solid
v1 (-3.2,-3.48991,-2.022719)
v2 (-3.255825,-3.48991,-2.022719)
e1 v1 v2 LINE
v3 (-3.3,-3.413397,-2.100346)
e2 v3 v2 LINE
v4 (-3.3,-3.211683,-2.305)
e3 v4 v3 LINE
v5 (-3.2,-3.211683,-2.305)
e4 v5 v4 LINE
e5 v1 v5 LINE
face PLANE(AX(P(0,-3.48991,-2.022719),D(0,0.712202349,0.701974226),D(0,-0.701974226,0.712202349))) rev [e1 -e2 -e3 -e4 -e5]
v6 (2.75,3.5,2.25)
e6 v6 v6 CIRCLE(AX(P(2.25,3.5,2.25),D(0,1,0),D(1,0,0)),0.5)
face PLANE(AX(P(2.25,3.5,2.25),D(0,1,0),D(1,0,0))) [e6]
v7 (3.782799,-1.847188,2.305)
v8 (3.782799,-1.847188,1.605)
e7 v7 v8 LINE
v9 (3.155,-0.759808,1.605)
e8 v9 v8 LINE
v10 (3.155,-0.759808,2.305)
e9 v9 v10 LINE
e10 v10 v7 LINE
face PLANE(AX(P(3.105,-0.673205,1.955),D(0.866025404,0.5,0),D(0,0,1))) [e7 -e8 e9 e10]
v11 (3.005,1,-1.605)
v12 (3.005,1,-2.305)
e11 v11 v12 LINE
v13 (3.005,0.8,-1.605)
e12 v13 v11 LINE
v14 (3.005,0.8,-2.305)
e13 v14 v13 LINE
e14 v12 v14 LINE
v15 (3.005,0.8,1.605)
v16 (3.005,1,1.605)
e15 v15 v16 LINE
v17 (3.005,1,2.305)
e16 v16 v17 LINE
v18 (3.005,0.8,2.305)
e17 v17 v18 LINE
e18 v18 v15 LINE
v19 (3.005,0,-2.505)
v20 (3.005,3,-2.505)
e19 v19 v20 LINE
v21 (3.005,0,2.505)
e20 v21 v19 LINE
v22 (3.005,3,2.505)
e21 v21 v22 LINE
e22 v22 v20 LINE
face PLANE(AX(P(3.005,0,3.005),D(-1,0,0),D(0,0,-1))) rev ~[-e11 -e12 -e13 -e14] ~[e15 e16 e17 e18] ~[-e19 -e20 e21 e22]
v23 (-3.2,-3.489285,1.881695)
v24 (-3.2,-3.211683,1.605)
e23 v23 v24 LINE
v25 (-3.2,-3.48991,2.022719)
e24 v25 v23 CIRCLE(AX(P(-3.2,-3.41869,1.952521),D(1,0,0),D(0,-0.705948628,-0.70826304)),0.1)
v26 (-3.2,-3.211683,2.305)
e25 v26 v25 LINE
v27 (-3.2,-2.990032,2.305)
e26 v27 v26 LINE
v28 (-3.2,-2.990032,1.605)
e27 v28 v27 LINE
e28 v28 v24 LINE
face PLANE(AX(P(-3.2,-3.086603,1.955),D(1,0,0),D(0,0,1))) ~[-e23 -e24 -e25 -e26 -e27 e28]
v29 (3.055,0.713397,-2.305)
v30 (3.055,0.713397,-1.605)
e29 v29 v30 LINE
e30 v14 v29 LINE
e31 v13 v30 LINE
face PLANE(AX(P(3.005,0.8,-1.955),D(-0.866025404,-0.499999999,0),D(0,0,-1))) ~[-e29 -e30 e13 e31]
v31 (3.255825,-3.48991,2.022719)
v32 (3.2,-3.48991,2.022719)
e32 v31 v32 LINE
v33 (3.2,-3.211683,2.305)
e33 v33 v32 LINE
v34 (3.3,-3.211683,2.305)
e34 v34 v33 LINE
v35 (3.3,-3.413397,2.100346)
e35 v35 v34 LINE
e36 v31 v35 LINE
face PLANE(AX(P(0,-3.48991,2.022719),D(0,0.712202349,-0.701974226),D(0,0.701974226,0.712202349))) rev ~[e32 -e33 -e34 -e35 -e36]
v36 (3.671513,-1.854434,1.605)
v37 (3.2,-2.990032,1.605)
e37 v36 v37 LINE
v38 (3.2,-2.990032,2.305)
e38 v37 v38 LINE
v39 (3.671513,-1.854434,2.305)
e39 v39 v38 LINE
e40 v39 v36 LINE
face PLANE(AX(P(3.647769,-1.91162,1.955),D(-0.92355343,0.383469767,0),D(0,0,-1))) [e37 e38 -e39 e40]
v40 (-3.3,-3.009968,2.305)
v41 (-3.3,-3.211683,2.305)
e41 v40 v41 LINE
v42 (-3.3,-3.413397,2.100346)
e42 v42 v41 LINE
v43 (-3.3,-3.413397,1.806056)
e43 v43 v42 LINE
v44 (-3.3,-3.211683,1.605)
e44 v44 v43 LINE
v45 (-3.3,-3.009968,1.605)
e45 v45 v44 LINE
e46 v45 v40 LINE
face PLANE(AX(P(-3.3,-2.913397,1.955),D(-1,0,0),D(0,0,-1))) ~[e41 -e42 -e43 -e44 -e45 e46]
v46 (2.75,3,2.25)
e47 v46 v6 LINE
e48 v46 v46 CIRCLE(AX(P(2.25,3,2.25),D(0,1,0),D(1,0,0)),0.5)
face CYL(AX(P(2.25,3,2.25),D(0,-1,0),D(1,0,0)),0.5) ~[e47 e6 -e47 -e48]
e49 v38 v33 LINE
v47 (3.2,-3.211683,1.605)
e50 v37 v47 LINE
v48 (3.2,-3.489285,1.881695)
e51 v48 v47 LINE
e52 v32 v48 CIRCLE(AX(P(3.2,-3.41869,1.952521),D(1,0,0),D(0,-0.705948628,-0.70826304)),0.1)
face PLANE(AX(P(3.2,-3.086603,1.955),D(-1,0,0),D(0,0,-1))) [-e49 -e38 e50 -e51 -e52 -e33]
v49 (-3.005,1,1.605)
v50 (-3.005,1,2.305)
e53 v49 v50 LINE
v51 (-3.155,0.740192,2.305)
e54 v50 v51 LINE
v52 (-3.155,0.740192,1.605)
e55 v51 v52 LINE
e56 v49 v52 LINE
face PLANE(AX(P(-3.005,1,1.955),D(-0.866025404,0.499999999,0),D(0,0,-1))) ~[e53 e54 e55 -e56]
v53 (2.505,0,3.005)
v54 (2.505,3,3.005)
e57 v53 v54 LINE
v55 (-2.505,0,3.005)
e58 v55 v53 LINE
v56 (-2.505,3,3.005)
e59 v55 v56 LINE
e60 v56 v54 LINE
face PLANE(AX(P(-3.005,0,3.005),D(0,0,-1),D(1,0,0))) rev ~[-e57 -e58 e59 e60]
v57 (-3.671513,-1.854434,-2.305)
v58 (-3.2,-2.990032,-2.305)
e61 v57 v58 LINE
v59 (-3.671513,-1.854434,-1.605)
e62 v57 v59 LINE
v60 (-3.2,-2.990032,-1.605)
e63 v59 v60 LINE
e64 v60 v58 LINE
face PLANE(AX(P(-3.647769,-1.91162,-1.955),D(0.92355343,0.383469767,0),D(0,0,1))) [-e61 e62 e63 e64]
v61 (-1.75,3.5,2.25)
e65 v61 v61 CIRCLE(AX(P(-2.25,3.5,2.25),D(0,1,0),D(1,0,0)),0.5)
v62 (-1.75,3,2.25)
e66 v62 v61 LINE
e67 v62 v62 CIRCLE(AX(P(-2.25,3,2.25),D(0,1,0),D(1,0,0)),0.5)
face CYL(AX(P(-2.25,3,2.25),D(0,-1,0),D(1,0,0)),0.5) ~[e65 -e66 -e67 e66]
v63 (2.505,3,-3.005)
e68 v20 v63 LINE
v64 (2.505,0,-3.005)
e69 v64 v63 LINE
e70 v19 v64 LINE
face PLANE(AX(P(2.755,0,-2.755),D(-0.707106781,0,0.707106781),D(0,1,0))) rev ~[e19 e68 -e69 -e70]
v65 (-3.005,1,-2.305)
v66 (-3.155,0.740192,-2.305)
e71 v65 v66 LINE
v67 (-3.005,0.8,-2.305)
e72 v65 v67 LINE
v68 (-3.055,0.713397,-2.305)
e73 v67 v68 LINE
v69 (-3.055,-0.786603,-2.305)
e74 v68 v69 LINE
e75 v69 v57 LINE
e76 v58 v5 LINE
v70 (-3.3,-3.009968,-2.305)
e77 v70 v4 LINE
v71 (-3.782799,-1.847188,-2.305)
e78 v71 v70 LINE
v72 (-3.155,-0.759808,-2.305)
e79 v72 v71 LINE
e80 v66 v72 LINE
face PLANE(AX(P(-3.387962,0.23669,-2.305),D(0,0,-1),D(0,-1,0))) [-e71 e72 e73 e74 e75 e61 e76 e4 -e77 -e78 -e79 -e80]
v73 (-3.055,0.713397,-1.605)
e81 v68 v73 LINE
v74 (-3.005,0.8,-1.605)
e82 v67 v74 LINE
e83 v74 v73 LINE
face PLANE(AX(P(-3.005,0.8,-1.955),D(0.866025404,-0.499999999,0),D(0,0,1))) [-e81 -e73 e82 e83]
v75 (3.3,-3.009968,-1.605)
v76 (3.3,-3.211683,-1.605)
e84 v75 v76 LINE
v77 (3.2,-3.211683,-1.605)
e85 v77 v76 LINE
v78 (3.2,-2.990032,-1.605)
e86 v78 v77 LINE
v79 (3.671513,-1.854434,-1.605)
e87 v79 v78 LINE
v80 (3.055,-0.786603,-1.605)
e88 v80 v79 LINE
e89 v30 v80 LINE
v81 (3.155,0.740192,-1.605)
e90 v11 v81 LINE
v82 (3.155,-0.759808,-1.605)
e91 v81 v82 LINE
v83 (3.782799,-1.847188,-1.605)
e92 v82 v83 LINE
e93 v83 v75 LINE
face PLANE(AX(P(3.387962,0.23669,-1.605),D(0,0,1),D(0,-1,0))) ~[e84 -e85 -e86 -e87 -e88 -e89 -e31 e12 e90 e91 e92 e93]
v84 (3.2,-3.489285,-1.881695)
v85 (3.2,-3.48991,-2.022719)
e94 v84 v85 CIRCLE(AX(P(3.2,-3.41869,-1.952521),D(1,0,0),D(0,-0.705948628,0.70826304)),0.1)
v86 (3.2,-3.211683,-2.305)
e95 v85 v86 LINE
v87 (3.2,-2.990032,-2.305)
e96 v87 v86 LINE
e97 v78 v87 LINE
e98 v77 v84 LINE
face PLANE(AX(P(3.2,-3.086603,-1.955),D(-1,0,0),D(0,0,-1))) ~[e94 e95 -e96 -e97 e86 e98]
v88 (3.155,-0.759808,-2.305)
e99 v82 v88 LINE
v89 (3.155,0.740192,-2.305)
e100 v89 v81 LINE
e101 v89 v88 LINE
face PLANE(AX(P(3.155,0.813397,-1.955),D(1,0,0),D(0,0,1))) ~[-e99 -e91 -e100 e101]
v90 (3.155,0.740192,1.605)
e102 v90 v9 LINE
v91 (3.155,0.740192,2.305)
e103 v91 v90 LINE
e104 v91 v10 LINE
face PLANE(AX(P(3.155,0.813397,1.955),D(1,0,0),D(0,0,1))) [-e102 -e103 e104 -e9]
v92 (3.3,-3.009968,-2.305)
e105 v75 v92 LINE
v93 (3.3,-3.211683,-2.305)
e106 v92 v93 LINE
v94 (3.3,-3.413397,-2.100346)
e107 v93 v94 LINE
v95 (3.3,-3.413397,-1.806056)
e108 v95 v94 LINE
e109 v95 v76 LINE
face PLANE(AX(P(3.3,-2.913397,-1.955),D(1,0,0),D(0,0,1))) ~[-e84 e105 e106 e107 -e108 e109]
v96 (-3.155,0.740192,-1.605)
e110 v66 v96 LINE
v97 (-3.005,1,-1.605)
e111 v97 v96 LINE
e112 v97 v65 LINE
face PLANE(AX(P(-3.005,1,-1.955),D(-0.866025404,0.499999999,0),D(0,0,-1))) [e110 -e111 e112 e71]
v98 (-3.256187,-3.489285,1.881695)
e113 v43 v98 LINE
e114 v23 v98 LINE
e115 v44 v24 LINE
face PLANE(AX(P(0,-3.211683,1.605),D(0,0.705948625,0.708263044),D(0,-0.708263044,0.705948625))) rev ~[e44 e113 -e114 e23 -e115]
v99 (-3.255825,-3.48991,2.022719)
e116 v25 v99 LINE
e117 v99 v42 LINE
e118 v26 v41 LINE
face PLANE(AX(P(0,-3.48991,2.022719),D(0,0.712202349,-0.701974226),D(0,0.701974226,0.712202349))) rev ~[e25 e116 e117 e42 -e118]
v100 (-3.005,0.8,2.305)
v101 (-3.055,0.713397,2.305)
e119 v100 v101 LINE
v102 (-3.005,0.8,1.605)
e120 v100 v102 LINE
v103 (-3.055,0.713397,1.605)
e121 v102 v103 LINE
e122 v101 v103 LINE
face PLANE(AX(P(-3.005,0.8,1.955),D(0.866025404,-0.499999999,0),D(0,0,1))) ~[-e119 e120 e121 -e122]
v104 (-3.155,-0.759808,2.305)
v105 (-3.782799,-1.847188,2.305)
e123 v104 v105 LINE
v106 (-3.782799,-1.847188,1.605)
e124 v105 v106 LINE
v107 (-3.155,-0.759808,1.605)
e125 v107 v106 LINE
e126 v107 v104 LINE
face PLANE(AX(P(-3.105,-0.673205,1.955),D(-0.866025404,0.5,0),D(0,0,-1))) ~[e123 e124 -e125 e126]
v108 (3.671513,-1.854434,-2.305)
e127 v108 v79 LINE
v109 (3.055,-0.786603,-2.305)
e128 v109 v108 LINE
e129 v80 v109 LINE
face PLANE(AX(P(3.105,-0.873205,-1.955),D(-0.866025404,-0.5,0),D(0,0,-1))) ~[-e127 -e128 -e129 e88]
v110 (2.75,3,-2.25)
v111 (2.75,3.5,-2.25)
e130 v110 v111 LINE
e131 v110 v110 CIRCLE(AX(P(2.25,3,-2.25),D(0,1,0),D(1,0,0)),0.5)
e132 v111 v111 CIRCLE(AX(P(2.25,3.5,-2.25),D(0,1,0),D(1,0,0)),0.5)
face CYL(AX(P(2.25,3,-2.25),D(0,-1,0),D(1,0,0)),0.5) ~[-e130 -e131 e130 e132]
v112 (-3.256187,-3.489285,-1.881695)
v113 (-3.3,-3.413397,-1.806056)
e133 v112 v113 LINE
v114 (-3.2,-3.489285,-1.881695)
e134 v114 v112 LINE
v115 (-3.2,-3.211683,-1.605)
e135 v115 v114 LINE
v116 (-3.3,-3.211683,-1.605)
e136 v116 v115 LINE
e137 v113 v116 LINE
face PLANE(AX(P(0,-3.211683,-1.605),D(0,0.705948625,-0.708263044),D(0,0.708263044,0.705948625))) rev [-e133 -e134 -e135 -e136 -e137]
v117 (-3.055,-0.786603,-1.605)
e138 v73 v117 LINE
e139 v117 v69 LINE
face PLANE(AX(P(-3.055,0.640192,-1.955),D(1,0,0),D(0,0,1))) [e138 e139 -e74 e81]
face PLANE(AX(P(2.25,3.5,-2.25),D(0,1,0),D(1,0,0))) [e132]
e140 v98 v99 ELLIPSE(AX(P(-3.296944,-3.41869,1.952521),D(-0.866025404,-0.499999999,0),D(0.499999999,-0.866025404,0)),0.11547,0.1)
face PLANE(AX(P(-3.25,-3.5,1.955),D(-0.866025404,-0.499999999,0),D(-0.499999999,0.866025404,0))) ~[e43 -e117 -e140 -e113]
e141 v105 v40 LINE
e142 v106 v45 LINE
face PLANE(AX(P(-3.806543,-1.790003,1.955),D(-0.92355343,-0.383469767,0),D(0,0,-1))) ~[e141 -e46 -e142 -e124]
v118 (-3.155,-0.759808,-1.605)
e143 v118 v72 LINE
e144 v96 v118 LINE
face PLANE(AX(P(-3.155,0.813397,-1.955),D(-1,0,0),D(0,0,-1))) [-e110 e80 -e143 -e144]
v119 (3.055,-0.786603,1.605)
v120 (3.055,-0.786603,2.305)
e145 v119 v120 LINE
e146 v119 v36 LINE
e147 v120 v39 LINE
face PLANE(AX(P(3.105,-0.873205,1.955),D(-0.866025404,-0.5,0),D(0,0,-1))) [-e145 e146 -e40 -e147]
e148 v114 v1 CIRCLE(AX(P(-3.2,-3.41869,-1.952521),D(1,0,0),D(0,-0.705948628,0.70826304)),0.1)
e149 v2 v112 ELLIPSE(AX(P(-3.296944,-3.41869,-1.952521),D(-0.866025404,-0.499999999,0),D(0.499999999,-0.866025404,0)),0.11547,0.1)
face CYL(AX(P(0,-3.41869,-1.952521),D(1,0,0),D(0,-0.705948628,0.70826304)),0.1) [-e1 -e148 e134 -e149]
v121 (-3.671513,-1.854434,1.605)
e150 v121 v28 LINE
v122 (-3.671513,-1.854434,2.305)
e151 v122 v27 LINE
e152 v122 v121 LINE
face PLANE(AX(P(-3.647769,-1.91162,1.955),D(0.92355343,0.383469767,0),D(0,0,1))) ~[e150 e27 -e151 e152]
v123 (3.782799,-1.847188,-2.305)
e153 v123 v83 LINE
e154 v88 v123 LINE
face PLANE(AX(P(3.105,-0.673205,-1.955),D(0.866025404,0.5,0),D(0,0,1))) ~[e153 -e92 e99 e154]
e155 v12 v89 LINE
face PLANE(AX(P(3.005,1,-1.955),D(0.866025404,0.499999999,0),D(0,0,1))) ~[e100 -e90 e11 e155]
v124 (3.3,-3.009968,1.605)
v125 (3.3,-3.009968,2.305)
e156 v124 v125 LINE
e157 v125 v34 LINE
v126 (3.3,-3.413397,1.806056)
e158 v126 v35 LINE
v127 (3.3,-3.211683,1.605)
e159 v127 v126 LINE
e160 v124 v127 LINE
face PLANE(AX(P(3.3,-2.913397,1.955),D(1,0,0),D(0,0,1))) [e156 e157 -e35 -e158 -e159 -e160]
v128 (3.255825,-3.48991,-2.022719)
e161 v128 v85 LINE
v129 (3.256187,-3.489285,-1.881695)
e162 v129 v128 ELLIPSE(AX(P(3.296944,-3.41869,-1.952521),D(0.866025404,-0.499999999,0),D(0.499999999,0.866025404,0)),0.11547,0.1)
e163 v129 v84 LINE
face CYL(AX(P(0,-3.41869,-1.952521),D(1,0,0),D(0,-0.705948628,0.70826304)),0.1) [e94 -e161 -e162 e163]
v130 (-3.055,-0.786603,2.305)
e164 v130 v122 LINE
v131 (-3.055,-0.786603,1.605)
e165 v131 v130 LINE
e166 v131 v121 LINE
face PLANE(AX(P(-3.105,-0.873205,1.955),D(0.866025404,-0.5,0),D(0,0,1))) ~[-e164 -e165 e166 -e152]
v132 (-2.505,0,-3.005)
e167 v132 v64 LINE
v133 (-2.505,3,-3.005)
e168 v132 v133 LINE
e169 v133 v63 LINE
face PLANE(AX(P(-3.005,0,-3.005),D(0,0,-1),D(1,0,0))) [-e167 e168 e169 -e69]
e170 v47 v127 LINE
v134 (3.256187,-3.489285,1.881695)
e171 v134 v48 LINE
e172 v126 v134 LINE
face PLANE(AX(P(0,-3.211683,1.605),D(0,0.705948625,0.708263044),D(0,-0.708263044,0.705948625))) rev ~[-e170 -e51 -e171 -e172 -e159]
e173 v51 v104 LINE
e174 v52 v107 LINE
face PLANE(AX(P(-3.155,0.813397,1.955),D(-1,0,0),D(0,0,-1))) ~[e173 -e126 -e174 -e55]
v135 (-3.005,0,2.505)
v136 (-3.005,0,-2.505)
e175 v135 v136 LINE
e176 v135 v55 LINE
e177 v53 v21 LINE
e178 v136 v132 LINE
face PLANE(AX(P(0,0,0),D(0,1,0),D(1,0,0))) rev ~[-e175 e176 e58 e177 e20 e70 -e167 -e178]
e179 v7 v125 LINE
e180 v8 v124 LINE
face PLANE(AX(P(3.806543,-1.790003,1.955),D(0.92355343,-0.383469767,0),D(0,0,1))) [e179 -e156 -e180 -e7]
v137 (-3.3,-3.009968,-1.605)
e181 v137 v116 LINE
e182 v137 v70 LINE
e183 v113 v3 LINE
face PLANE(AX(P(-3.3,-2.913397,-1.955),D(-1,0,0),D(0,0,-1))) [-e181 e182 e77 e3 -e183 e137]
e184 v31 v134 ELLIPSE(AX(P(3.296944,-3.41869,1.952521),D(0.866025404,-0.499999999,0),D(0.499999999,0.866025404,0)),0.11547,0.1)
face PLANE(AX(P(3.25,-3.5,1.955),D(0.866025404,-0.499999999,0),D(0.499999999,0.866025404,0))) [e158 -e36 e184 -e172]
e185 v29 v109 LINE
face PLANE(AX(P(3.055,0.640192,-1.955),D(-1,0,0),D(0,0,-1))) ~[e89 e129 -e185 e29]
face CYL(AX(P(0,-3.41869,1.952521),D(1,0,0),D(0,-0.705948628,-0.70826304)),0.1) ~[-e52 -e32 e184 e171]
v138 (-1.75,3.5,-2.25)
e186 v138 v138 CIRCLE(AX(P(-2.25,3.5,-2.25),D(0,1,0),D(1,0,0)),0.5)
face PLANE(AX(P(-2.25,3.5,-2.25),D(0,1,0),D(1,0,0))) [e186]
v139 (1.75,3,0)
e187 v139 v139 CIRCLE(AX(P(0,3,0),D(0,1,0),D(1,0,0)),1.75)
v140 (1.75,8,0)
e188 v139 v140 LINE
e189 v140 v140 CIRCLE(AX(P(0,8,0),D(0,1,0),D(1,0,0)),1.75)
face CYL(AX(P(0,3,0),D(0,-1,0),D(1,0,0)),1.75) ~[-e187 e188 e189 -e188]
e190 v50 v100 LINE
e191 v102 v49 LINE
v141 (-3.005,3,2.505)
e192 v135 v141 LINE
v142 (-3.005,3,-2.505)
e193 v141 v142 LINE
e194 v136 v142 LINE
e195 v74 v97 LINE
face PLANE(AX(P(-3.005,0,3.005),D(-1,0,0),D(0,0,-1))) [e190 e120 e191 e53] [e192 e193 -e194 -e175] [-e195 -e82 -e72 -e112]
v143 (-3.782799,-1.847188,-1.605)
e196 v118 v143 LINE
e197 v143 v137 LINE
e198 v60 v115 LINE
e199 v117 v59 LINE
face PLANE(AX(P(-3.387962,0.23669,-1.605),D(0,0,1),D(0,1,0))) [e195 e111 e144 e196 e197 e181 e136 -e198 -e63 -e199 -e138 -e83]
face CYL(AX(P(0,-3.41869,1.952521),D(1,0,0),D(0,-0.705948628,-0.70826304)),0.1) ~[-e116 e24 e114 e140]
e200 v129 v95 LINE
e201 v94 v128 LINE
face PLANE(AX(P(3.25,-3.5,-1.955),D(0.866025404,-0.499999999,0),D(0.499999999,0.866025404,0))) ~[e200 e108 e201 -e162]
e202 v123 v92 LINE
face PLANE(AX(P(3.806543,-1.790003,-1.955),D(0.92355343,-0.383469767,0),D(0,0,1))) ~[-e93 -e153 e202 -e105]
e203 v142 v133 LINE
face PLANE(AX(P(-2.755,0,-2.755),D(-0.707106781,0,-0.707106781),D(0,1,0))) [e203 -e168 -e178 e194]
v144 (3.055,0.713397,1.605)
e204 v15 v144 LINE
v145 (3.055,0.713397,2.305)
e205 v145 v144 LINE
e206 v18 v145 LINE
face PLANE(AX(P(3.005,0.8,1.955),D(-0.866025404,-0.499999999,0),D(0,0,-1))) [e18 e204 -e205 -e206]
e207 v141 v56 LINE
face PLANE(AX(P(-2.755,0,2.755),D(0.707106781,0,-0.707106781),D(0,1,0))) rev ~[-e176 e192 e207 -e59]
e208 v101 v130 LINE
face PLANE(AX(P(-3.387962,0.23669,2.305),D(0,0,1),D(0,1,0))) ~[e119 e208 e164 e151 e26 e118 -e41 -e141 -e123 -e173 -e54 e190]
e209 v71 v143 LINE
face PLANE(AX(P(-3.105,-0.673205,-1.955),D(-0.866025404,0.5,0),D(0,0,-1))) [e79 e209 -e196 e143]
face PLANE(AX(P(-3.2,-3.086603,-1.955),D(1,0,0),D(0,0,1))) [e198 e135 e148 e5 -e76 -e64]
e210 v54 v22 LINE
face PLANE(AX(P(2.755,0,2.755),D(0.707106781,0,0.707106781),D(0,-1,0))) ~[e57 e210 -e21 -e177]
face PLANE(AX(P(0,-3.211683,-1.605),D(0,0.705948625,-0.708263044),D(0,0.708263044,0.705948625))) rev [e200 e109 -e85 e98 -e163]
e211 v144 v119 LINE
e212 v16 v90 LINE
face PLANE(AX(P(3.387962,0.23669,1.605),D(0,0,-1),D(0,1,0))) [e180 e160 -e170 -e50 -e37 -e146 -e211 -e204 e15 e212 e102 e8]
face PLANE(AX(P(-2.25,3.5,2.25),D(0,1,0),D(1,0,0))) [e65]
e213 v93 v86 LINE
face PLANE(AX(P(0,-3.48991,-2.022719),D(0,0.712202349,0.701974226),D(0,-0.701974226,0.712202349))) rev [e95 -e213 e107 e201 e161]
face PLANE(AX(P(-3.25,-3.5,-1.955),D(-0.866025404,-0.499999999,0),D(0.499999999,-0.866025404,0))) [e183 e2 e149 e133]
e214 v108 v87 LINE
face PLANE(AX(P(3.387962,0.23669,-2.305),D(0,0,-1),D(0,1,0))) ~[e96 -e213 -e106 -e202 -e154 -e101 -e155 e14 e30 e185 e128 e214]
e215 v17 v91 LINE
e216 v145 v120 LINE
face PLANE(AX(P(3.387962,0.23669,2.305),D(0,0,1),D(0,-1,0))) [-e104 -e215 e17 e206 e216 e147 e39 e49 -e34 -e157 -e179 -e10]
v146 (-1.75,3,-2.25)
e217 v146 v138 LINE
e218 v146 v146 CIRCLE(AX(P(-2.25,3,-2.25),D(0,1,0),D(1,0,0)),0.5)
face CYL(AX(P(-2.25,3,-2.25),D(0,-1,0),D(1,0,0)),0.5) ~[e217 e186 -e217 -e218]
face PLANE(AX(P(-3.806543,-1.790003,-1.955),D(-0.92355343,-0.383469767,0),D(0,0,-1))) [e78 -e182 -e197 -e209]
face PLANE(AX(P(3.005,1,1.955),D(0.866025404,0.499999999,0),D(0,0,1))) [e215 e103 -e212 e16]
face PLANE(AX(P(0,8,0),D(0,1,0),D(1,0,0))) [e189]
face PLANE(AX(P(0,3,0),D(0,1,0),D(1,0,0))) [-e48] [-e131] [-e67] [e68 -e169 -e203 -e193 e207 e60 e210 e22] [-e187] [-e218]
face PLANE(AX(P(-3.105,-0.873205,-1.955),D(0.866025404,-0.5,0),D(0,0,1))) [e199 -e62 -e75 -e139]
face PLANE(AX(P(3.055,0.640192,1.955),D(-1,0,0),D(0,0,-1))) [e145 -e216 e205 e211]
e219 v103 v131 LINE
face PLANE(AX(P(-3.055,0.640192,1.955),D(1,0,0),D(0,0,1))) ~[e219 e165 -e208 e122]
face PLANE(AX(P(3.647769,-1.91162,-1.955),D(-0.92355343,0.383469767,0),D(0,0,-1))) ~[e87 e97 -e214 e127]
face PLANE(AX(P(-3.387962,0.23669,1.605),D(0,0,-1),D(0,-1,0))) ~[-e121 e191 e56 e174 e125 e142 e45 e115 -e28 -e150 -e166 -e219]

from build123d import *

# Parameters (mm, degrees)
SKETCH1_W               = 6.01
SKETCH1_H               = 6.01
BOSS_EXTRUDE1_DEPTH     = 3
CHAMFER1_SIZE           = 0.5
SKETCH3_R               = 1.75
BOSS_EXTRUDE2_DEPTH     = 5
SKETCH4_R               = 0.5
BOSS_EXTRUDE6_DEPTH     = 0.5
SKETCH5_R               = 0.5
BOSS_EXTRUDE7_DEPTH     = 0.5
SKETCH6_W               = 0.7
SKETCH6_H               = 0.2
MIRROR2_COPY_1_SKETCH_W = 0.7
MIRROR2_COPY_1_SKETCH_H = 0.2
CUT_EXTRUDE1_DEPTH      = 4.782799277


with BuildPart() as part:
    # Sketch1 → Boss-Extrude1 (new body)
    with BuildSketch(Plane(origin=(0, 0, 0), x_dir=(1, 0, 0), z_dir=(0, 1, 0))):
        Rectangle(SKETCH1_W, SKETCH1_H)
    extrude(amount=BOSS_EXTRUDE1_DEPTH)

    # Chamfer1
    chamfer1_edges = [part.edges().sort_by_distance(p)[0] for p in [
        (3.005, 1.5, 3.005),
        (-3.005, 1.5, 3.005),
        (-3.005, 1.5, -3.005),
        (3.005, 1.5, -3.005),
    ]]
    chamfer(chamfer1_edges, length=CHAMFER1_SIZE)

    # Sketch3 → Boss-Extrude2 (add)
    with BuildSketch(Plane(origin=(0, 3, 0), x_dir=(1, 0, 0), z_dir=(0, 1, 0))):
        Circle(SKETCH3_R)
    extrude(amount=BOSS_EXTRUDE2_DEPTH)

    # Sketch4 → Boss-Extrude6 (add)
    with BuildSketch(Plane(origin=(0, 3, 0), x_dir=(1, 0, 0), z_dir=(0, 1, 0))):
        with Locations((2.25, 2.25)):
            Circle(SKETCH4_R)
        with Locations((2.25, -2.25)):
            Circle(SKETCH4_R)
        with Locations((-2.25, 2.25)):
            Circle(SKETCH4_R)
    extrude(amount=BOSS_EXTRUDE6_DEPTH)

    # Sketch5 → Boss-Extrude7 (add)
    with BuildSketch(Plane(origin=(0, 3, 0), x_dir=(1, 0, 0), z_dir=(0, 1, 0))):
        with Locations((-2.25, -2.25)):
            Circle(SKETCH5_R)
    extrude(amount=BOSS_EXTRUDE7_DEPTH)

    # Sweep1: sweep along a path in Sketch7
    with BuildLine(Plane.XY) as sweep1_path:
        Line((-3.005, 0.9), (-3.105, 0.726794919))
        Line((-3.105, 0.726794919), (-3.105, -0.773205081))
        Line((-3.105, -0.773205081), (-3.72715614, -1.850811126))
        Line((-3.72715614, -1.850811126), (-3.25, -3))
        Line((-3.25, -3), (-3.25, -3.5))
    # Sketch6 → Sweep1 (sweep)
    with BuildSketch(Plane.ZY.offset(3.005)):
        with Locations((-1.955, 0.9)):
            Rectangle(SKETCH6_W, SKETCH6_H)
    sweep1 = sweep(path=sweep1_path.line, transition=Transition.RIGHT)

    # Mirror1: Sweep1 across plane
    add(sweep1.mirror(Plane.XY))

    # Mirror2: Sweep1 across plane
    add(sweep1.mirror(Plane(origin=(0, 0, 0), x_dir=(0, 0, 1), z_dir=(1, 0, 0))))

    # Mirror2 copy 1: sweep along a path in Mirror2 copy 1 path
    with BuildLine(Plane(origin=(0, 0, 0), x_dir=(-1, 0, 0), z_dir=(0, 0, -1))) as mirror2_copy_1_path:
        Line((-3.005, 0.9), (-3.105, 0.726794919))
        Line((-3.105, 0.726794919), (-3.105, -0.773205081))
        Line((-3.105, -0.773205081), (-3.72715614, -1.850811126))
        Line((-3.72715614, -1.850811126), (-3.25, -3))
        Line((-3.25, -3), (-3.25, -3.5))
    # Mirror2 copy 1 sketch → Mirror2 copy 1 (sweep)
    with BuildSketch(Plane(origin=(3.005, 0, 0), x_dir=(0, 0, -1), z_dir=(1, 0, 0))):
        with Locations((-1.955, 0.9)):
            Rectangle(MIRROR2_COPY_1_SKETCH_W, MIRROR2_COPY_1_SKETCH_H)
    sweep(path=mirror2_copy_1_path.line, transition=Transition.RIGHT)

    # Sketch8 → Cut-Extrude1 (cut, symmetric)
    with BuildSketch(Plane(origin=(0, 0, 0), x_dir=(0, 0, -1), z_dir=(1, 0, 0))):
        with BuildLine():
            Line((-2.305, -3.211682602), (-2.305, -3.58660254))
            Line((-2.305, -3.58660254), (-1.605, -3.58660254))
            Line((-1.605, -3.58660254), (-1.605, -3.211682602))
            Line((-1.605, -3.211682602), (-1.881694927, -3.48928466))
            ThreePointArc((-1.881694927, -3.48928466), (-1.952077784, -3.518688814), (-2.022718654, -3.489910032))
            Line((-2.022718654, -3.489910032), (-2.305, -3.211682602))
        make_face()
    cut_extrude1 = extrude(amount=CUT_EXTRUDE1_DEPTH, both=True, mode=Mode.SUBTRACT)

    # Mirror3: Cut-Extrude1 across plane
    add(cut_extrude1.mirror(Plane.XY), mode=Mode.SUBTRACT)


solid = part.part
